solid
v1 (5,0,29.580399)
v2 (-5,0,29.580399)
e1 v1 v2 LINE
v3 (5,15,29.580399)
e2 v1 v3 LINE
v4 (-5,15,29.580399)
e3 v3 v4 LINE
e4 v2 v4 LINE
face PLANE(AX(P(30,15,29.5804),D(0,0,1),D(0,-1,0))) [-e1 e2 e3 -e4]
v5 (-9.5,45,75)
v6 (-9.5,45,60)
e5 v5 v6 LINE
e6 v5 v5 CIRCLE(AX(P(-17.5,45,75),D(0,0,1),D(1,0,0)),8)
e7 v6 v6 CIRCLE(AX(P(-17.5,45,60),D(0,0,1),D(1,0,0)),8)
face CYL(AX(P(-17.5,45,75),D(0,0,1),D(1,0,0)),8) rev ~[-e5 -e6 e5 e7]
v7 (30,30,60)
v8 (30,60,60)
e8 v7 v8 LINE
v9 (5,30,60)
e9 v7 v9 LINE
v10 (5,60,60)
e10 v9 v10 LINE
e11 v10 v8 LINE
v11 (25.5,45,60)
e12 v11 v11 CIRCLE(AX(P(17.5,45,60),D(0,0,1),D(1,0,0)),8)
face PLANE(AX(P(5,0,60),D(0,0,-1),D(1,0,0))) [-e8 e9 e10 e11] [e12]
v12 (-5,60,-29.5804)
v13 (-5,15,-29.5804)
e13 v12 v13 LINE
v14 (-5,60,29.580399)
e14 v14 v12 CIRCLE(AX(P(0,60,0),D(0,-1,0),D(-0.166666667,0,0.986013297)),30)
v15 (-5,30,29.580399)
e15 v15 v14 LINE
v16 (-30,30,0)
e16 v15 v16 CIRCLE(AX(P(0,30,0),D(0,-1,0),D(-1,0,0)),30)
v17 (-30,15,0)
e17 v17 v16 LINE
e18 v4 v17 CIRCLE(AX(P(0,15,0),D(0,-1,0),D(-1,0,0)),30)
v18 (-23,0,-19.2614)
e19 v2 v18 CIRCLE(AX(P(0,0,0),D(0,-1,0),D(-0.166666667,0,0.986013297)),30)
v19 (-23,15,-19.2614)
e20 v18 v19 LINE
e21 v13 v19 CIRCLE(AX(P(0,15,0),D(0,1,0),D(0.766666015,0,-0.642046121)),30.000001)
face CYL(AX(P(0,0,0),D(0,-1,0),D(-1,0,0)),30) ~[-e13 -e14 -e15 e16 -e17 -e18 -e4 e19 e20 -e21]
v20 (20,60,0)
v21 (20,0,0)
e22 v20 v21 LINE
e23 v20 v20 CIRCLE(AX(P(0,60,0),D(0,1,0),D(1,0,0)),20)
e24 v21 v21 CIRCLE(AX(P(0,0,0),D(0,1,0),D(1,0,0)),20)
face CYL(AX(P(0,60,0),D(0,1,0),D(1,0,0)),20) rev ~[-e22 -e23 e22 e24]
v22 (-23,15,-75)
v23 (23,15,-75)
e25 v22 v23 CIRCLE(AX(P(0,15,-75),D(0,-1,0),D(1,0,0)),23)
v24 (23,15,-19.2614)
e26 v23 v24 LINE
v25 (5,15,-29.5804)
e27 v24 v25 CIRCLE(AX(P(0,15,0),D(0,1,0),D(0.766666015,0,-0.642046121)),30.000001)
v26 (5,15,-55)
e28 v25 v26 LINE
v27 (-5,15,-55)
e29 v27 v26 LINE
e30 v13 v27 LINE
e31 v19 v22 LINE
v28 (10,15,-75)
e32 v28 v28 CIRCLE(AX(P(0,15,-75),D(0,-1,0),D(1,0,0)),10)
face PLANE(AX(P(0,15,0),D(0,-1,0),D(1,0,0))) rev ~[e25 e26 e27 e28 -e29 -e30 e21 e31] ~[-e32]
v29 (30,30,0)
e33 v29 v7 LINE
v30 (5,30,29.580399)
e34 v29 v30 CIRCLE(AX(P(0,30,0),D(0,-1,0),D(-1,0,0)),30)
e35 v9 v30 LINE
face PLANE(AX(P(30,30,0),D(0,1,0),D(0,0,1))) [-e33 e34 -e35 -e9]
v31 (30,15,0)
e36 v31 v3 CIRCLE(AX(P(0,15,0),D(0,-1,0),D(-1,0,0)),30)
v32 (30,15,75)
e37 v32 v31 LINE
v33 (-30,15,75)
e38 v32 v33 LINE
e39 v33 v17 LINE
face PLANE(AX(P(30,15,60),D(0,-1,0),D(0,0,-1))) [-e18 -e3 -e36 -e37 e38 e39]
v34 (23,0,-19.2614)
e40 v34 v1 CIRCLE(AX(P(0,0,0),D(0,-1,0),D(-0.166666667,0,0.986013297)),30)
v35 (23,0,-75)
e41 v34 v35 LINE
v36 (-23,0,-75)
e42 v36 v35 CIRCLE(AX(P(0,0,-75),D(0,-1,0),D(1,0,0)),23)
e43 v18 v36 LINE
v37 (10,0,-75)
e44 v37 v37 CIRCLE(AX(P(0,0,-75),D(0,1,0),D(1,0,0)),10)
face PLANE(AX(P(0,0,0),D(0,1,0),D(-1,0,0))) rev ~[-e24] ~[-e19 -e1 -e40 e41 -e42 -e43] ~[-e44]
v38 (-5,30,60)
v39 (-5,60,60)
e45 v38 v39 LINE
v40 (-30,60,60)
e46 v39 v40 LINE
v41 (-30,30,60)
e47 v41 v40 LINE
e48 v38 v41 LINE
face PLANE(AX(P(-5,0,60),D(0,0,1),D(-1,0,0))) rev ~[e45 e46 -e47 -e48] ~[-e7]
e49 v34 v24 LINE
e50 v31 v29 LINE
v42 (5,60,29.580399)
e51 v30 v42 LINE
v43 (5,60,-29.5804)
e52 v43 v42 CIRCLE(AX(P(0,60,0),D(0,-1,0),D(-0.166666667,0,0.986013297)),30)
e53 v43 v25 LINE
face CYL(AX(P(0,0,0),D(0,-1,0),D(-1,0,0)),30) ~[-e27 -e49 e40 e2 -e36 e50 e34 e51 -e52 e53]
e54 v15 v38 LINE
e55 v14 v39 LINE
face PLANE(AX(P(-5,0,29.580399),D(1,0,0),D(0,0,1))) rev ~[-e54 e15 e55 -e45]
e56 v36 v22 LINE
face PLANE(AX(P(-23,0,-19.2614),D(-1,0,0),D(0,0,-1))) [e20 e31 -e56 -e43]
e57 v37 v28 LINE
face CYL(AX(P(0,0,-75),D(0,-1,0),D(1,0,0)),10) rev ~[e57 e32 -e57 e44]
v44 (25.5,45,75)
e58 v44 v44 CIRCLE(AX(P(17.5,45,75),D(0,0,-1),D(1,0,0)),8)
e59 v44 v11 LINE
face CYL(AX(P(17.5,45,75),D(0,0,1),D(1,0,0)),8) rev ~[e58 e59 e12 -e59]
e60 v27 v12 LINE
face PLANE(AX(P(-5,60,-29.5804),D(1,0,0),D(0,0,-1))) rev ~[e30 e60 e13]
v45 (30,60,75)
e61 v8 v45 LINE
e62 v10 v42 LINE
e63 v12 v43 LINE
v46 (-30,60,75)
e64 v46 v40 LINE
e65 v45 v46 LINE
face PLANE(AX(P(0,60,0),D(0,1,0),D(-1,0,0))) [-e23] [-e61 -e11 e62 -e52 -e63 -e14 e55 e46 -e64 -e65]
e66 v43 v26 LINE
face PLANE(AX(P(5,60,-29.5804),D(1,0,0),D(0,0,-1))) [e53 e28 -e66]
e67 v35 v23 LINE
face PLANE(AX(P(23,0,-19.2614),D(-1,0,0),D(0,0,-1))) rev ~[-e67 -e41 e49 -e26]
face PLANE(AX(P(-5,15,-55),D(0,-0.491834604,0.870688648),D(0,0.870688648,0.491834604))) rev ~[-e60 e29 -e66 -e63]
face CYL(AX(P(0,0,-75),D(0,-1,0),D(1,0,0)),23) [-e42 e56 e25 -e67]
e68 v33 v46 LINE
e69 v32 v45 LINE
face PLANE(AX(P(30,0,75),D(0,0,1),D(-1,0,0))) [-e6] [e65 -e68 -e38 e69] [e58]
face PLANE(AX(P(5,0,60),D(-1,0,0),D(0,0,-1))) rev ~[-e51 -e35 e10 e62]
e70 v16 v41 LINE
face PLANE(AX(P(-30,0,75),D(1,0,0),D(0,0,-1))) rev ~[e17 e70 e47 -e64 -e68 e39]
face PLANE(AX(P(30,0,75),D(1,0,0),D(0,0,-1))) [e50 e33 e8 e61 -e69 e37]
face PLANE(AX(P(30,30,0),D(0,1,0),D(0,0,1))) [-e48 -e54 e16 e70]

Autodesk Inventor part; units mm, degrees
ref_plane "YZ Plane" through (0, 0, 0) normal (1, 0, 0) x (0, 1, 0)
ref_plane "XZ Plane" through (0, 0, 0) normal (0, 1, 0) x (-1, 0, 0)
ref_plane "XY Plane" through (0, 0, 0) normal (0, 0, 1) x (1, 0, 0)
sketch "Boceto1" plane through (0, 0, 0) normal (0, 1, 0) x (-1, 0, 0)
  circle A0 centre (0, 0) radius 20
  circle A1 centre (0, 0) radius 30
  line L0 (0, 0) -> (0, 60)
  line L1 (0, 60) -> (5, 60)
  line L2 (5, 60) -> (-5, 60)
  line L3 (-5, 60) -> (-5, 0)
  line L4 (-5, 0) -> (5, 0)
  line L5 (5, 0) -> (5, 60)
  line L6 (0, 60) -> (30, 60)
  line L7 (30, 60) -> (-30, 60)
  line L8 (-30, 60) -> (-30, 75)
  line L9 (-30, 75) -> (30, 75)
  line L10 (30, 75) -> (30, 60)
  point P0 (-5, 29.5804)
  point P1 (5, 29.5804)
  dimension "d0" = 40
  dimension "d1" = 60
  dimension "d2" = 60
  dimension "d3" = 5
  dimension "d4" = 10
  dimension "d5" = 30
  dimension "d6" = 60
  dimension "d7" = 15
extrude "Extrusión1" add sketch "Boceto1" along normal blind 60
sketch "Boceto2" plane through (30, 0, 75) normal (1, 0, 0) x (0, 0, -1)
  line L0 (0, 60) -> (15, 60) projected
  line L1 (0, 60) -> (0, 15)
  line L2 (0, 0) -> (0, 60) projected
  line L3 (0, 15) -> (75, 15)
  line L4 (75, 15) -> (75, 30)
  line L5 (75, 30) -> (15, 30)
  line L6 (15, 0) -> (15, 60) projected
  point P0 (75, 0)
  point P1 (15, 15)
  dimension "d10" = 45
  dimension "d11" = 15
extrude "Extrusión2" add sketch "Boceto2" against normal blind 60 contours L5 L4 L3 L6
sketch "Boceto3" plane through (30, 0, 75) normal (1, 0, 0) x (0, 0, -1)
  line L0 (45.4196, 15) -> (15, 15) projected
  line L1 (15, 15) -> (0, 15)
  line L2 (0, 0) -> (0, 60) projected
  line L3 (45.4196, 0) -> (15, 0) projected
  line L4 (0, 15) -> (45.4196, 15)
  line L5 (45.4196, 15) -> (45.4196, 0)
  line L6 (45.4196, 0) -> (0, 0)
  line L7 (0, 0) -> (0, 15)
  point P0 (75, 0)
extrude "Extrusión3" cut sketch "Boceto3" against normal blind 60
sketch "Boceto4" plane through (-30, 60, 75) normal (0, 0, 1) x (1, 0, 0)
  line L0 (60, 0) -> (0, 0) projected
  line L1 (30, 0) -> (47.5, 0)
  line L2 (47.5, 0) -> (47.5, -15)
  line L3 (30, 0) -> (30, -5.3607)
  circle A0 centre (47.5, -15) radius 8
  circle A1 centre (12.5, -15) radius 8
  point P0 (30, -60)
  point P1 (35, 0)
  point P2 (25, 0)
  dimension "d16" = 17.5
  dimension "d17" = 15
  dimension "d18" = 16
extrude "Extrusión4" cut sketch "Boceto4" against normal blind 15
sketch "Boceto5" plane through (0, 60, 0) normal (0, 1, 0) x (1, 0, 0)
  circle A0 centre (0, 0) radius 20
  dimension "d21" = 40
extrude "Extrusión5" cut sketch "Boceto5" against normal blind 60
sketch "Boceto6" plane through (0, 0, 0) normal (0, -1, 0) x (1, 0, 0)
  line L0 (0, 0) -> (0, -75)
  circle A0 centre (0, -75) radius 10
  circle A1 centre (0, -75) radius 23
  line L1 (0, -75) -> (23, -75)
  arc A2 (-5, 29.5804) -> (5, 29.5804) centre (0, 0) ccw projected
  line L2 (23, -19.2614) -> (23, -75)
  line L3 (-23, -19.2614) -> (-23, -75)
  dimension "d24" = 75
  dimension "d25" = 20
  dimension "d26" = 46
extrude "Extrusión6" add sketch "Boceto6" against normal blind 15 contours A2 L2 A1 L0 | L0 A1 L3 A2 | A1 L1 A0 L0 | L0 A0 L1 A1
sketch "Boceto7" plane through (0, 60, 0) normal (0, 1, 0) x (1, 0, 0)
  arc A0 (5, -29.5804) -> (-5, -29.5804) centre (0, 0) ccw projected
  line L0 (0, 30) -> (0, 55)
  line L1 (0, 55) -> (5, 55)
  line L2 (5, 29.5804) -> (5, 55)
  line L3 (0, 55) -> (-5, 55)
  line L4 (-5, 29.5804) -> (-5, 55)
  arc A1 (5, 29.5804) -> (-5, 29.5804) centre (0, 0) ccw
  dimension "d29" = 25
  dimension "d30" = 5
extrude "Extrusión7" add sketch "Boceto7" against normal blind 45
sketch "Boceto8" plane through (-5, 60, -55) normal (-1, 0, 0) x (0, 0, 1)
  line L0 (0, 0) -> (0, -45) projected
  line L1 (84.5804, 0) -> (25.4196, 0) projected
  line L2 (0, -45) -> (25.4196, 0)
  line L3 (35.7386, -45) -> (25.4196, -45) projected
  line L4 (25.4196, 0) -> (25.4196, -45)
  line L5 (25.4196, -45) -> (0, -45)
  line L6 (0, -45) -> (0, 0)
  line L7 (25.4196, 0) -> (0, 0)
  point P0 (55, -60)
extrude "Extrusión8" cut sketch "Boceto8" against normal blind 45 contours L7 L2 L0
